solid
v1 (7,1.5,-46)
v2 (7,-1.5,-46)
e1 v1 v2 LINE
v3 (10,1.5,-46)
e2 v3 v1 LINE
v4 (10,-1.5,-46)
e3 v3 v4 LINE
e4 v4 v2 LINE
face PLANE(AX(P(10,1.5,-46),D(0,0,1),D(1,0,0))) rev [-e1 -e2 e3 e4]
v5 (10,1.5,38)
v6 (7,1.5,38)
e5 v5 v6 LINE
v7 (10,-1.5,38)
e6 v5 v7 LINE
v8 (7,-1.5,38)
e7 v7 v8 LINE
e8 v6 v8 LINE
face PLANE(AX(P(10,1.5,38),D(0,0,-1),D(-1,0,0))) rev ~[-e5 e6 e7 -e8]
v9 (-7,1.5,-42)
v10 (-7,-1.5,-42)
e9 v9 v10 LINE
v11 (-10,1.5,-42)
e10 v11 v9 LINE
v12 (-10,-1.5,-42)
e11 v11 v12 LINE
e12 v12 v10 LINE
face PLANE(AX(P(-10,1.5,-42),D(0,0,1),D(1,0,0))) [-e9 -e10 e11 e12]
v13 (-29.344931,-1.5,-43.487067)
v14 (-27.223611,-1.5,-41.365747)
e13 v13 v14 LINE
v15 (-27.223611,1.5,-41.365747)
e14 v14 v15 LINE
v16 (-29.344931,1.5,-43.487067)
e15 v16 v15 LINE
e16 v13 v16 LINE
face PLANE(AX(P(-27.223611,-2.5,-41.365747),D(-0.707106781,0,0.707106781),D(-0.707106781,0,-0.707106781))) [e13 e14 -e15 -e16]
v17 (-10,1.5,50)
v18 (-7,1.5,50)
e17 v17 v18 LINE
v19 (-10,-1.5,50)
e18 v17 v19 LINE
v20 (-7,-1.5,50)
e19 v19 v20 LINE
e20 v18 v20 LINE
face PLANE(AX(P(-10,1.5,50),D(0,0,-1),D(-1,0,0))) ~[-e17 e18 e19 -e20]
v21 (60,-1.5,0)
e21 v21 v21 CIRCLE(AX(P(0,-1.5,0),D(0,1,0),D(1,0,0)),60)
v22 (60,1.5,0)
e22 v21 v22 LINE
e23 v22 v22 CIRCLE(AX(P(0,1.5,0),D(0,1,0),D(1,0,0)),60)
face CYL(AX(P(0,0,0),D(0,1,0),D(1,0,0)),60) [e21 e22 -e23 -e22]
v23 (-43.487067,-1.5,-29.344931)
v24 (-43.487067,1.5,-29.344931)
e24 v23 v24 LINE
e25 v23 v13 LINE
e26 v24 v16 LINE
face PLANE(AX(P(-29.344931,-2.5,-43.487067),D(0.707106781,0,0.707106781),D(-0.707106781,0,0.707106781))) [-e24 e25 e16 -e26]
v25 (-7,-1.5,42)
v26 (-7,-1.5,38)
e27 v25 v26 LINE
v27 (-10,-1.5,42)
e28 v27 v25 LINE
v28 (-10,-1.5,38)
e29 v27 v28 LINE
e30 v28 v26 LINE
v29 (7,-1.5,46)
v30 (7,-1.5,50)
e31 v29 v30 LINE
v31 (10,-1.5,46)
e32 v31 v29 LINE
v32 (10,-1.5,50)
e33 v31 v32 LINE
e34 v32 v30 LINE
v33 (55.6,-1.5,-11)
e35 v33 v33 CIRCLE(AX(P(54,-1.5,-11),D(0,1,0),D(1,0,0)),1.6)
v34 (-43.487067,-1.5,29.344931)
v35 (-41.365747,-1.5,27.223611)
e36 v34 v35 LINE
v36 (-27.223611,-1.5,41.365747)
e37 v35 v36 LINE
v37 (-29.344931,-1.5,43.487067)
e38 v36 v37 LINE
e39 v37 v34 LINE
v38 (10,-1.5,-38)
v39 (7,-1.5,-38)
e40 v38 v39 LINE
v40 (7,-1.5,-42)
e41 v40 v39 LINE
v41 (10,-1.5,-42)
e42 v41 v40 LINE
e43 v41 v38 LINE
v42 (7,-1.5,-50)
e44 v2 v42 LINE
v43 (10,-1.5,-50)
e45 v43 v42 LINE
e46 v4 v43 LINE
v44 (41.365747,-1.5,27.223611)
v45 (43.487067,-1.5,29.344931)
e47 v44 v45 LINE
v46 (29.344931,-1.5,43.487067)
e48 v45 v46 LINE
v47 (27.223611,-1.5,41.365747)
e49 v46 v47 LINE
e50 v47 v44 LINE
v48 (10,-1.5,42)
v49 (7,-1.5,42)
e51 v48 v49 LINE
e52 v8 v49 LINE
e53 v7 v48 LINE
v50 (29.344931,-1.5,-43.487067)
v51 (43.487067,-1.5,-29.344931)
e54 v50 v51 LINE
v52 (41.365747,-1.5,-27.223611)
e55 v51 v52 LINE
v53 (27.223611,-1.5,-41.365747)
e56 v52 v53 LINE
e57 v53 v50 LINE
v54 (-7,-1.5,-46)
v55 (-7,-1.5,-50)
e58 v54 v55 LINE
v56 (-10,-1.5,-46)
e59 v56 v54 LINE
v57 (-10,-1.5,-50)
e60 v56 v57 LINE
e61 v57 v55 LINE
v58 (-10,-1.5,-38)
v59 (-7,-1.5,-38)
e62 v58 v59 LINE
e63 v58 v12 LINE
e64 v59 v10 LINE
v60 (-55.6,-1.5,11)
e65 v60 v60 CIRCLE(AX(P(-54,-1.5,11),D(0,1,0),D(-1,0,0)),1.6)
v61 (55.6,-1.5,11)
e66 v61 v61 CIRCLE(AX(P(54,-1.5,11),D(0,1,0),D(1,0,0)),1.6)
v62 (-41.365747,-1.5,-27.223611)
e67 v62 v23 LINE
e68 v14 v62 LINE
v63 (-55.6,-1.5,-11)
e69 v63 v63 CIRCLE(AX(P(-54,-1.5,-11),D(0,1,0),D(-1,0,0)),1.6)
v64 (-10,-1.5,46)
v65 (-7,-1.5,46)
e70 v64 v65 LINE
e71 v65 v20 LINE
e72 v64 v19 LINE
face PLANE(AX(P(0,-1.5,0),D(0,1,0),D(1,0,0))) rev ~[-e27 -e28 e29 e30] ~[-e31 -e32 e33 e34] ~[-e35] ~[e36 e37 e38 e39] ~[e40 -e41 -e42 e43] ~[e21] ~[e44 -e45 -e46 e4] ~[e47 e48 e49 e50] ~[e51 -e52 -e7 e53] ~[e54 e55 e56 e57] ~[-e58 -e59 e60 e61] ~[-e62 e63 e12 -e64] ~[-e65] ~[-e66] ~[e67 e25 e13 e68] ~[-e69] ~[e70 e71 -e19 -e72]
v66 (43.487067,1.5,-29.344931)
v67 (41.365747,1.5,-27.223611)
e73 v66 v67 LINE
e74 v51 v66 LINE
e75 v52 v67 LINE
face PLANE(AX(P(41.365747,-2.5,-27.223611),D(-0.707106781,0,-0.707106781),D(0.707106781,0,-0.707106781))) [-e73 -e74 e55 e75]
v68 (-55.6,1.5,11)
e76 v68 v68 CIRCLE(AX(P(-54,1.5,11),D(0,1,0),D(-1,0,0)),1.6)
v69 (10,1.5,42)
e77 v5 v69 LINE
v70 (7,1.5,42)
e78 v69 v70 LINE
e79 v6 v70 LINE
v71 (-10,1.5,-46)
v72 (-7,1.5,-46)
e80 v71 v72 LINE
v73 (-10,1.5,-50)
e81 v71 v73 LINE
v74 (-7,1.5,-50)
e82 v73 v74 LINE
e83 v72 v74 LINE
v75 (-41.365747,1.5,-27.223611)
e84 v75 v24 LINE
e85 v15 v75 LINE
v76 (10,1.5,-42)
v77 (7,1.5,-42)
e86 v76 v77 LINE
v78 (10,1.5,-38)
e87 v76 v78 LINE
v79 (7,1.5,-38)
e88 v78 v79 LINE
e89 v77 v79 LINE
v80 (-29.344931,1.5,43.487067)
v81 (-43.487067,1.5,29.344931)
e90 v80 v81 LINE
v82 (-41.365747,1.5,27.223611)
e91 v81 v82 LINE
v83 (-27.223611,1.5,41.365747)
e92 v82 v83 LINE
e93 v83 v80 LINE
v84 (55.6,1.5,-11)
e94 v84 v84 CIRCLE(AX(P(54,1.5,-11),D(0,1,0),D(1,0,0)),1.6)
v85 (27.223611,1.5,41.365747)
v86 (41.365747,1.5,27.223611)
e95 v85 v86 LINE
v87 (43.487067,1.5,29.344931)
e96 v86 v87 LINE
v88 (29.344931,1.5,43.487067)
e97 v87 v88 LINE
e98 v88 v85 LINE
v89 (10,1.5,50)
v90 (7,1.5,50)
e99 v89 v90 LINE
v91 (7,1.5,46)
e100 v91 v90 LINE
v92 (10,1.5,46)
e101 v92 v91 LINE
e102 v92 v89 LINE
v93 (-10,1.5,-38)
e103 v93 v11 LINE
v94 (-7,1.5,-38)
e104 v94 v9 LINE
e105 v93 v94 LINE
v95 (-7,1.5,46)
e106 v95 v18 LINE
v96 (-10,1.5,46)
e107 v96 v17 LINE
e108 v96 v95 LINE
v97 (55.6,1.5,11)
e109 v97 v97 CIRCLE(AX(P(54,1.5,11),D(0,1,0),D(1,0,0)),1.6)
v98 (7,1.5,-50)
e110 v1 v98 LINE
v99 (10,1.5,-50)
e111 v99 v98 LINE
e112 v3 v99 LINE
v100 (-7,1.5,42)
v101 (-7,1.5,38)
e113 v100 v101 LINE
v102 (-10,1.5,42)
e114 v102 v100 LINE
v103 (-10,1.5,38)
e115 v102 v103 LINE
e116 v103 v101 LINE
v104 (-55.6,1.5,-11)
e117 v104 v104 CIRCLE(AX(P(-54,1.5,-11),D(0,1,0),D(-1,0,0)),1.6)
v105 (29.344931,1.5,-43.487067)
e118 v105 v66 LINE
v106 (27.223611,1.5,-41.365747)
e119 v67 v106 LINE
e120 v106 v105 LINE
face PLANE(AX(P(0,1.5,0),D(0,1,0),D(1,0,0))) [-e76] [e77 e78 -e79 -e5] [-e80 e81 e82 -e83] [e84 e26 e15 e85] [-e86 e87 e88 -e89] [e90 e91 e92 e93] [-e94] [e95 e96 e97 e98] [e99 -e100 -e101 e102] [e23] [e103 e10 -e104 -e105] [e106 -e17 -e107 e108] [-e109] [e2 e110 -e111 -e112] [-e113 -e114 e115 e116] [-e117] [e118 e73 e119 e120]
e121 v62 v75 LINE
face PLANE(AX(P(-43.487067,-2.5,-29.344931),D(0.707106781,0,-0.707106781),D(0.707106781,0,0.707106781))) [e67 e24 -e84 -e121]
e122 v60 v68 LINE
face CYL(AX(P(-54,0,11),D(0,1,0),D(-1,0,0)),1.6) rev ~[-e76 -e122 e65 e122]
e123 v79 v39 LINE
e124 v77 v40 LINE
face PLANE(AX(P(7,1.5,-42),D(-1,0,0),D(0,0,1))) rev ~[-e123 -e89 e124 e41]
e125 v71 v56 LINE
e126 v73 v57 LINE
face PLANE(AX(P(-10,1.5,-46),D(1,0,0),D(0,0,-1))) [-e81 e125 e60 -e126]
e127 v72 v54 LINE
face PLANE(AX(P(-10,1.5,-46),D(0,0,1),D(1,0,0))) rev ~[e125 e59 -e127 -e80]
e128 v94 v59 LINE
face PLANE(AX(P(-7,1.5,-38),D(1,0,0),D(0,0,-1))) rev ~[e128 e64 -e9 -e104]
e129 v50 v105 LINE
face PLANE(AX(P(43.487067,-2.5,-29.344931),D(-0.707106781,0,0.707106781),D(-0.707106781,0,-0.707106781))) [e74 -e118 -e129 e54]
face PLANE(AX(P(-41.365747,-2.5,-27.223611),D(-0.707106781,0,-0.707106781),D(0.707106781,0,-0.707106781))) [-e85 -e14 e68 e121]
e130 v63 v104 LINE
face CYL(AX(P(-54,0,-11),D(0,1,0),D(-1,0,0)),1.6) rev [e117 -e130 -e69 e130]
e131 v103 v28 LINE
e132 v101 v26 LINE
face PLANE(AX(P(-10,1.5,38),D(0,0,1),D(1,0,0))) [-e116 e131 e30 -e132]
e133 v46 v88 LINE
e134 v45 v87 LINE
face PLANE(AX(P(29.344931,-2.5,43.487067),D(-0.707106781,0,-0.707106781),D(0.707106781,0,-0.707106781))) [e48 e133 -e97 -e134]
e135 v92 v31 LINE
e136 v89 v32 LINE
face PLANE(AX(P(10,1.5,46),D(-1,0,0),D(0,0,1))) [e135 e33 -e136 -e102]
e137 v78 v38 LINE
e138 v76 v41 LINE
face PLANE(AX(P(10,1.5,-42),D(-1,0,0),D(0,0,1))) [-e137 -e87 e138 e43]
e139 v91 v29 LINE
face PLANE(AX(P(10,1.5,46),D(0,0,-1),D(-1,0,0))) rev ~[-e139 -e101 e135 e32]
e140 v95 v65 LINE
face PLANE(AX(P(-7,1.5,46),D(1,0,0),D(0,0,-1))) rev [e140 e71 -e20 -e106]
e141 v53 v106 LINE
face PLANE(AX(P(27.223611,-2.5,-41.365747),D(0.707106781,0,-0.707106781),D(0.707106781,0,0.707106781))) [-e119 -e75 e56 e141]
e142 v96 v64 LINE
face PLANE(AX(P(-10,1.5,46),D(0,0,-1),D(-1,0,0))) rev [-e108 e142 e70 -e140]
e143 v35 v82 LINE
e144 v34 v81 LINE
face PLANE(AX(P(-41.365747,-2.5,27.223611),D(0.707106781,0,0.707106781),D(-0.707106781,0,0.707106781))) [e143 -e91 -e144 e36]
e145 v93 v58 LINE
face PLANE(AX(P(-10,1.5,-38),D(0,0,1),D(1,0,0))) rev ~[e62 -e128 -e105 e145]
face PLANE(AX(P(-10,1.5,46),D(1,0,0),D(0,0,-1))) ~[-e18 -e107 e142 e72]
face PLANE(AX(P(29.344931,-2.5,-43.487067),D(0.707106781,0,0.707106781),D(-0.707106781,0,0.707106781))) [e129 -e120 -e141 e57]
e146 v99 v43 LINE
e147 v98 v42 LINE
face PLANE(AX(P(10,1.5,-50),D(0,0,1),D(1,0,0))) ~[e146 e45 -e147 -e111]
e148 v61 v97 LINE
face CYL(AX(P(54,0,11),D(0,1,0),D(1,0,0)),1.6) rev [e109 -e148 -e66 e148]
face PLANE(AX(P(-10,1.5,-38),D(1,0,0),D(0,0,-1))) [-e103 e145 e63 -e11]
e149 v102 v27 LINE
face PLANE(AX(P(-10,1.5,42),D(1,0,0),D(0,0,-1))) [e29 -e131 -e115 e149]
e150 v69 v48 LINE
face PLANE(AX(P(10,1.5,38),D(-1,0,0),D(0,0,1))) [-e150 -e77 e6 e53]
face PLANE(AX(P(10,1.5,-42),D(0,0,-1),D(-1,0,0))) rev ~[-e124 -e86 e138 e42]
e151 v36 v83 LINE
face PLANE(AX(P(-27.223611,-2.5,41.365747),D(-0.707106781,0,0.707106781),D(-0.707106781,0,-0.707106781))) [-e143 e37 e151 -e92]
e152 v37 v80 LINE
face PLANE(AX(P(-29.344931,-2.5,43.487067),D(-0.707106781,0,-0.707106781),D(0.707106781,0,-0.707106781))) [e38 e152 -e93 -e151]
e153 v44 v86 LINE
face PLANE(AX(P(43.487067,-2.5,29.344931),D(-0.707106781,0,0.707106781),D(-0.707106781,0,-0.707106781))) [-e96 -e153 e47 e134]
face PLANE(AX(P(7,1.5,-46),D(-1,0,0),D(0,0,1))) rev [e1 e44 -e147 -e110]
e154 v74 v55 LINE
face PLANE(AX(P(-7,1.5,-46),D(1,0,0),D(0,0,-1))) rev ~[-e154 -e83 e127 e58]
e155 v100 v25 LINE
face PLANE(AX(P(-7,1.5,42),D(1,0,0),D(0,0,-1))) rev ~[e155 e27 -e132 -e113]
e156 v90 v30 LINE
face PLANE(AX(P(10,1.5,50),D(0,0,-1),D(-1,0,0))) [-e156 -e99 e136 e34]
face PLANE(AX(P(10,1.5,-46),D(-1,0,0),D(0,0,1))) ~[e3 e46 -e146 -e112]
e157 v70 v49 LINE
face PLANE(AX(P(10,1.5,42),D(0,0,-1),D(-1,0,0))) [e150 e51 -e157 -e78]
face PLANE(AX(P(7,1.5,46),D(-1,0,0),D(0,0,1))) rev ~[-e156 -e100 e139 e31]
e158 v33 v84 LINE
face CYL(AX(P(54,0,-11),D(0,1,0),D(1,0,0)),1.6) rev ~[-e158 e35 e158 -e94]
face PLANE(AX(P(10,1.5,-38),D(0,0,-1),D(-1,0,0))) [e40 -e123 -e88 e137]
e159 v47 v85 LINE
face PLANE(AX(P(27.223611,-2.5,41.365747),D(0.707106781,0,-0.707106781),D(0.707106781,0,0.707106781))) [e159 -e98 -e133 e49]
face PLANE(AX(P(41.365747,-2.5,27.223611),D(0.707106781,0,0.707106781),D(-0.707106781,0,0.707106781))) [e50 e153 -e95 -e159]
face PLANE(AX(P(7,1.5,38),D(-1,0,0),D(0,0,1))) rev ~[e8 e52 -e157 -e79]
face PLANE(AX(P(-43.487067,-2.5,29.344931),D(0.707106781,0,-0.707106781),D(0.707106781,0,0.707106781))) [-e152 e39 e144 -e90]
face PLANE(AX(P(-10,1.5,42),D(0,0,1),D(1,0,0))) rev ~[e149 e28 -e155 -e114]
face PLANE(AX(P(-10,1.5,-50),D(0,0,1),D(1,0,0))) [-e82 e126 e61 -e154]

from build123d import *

# Parameters (mm, degrees)
SKETCH1_R               = 60
BOSS_EXTRUDE1_DEPTH     = 1.5
SKETCH2_R               = 1.6
CUT_EXTRUDE1_DEPTH      = 2.5
MIRROR2_COPY_1_SKETCH_R = 1.6
MIRROR2_COPY_1_DEPTH    = 2.5
SKETCH3_W               = 3
SKETCH3_H               = 4
CUT_EXTRUDE2_DEPTH      = 4
LPATTERN1_COUNT         = 2
LPATTERN1_PITCH         = 8
MIRROR3_COPY_1_SKETCH_W = 3
MIRROR3_COPY_1_SKETCH_H = 4
MIRROR3_COPY_1_DEPTH    = 4
MIRROR4_COPY_1_SKETCH_W = 3
MIRROR4_COPY_1_SKETCH_H = 4
MIRROR4_COPY_1_DEPTH    = 4
MIRROR4_COPY_2_SKETCH_W = 3
MIRROR4_COPY_2_SKETCH_H = 4
MIRROR4_COPY_2_DEPTH    = 4
MIRROR4_COPY_3_SKETCH_W = 3
MIRROR4_COPY_3_SKETCH_H = 4
MIRROR4_COPY_3_DEPTH    = 4
CUT_EXTRUDE3_START      = -4
CUT_EXTRUDE3_DEPTH      = 5
CIRPATTERN1_COUNT       = 4


with BuildPart() as part:
    # Sketch1 → Boss-Extrude1 (new body, symmetric)
    with BuildSketch(Plane(origin=(0, 0, 0), x_dir=(1, 0, 0), z_dir=(0, 1, 0))):
        Circle(SKETCH1_R)
    extrude(amount=BOSS_EXTRUDE1_DEPTH, both=True)

    # Sketch2 → Cut-Extrude1 (cut, symmetric)
    with BuildSketch(Plane(origin=(0, 0, 0), x_dir=(1, 0, 0), z_dir=(0, 1, 0))):
        with Locations((54, 11)):
            Circle(SKETCH2_R)
    cut_extrude1 = extrude(amount=CUT_EXTRUDE1_DEPTH, both=True, mode=Mode.SUBTRACT)

    # Mirror1: Cut-Extrude1 across plane
    add(cut_extrude1.mirror(Plane(origin=(0, 0, 0), x_dir=(0, 0, 1), z_dir=(1, 0, 0))), mode=Mode.SUBTRACT)

    # Mirror2: Cut-Extrude1 across plane
    add(cut_extrude1.mirror(Plane.XY), mode=Mode.SUBTRACT)

    # Mirror2 copy 1 sketch → Mirror2 copy 1 (cut, symmetric)
    with BuildSketch(Plane(origin=(0, 0, 0), x_dir=(-1, 0, 0), z_dir=(0, 1, 0))):
        with Locations((54, 11)):
            Circle(MIRROR2_COPY_1_SKETCH_R)
    extrude(amount=MIRROR2_COPY_1_DEPTH, both=True, mode=Mode.SUBTRACT)

    # Sketch3 → Cut-Extrude2 (cut, through all)
    with BuildSketch(Plane(origin=(0, 1.5, 0), x_dir=(1, 0, 0), z_dir=(0, 1, 0))):
        with Locations((-8.5, 48)):
            Rectangle(SKETCH3_W, SKETCH3_H)
    cut_extrude2 = extrude(amount=-CUT_EXTRUDE2_DEPTH, mode=Mode.SUBTRACT)

    # LPattern1: Cut-Extrude2 ×2
    with Locations(*[(0, 0, i * LPATTERN1_PITCH) for i in range(1, LPATTERN1_COUNT)]):
        add(cut_extrude2, mode=Mode.SUBTRACT)

    # Mirror3: Cut-Extrude2 across plane
    add(cut_extrude2.mirror(Plane(origin=(0, 0, 0), x_dir=(0, 0, 1), z_dir=(1, 0, 0))), mode=Mode.SUBTRACT)

    # Mirror3 copy 1 sketch → Mirror3 copy 1 (cut, through all)
    with BuildSketch(Plane(origin=(0, 1.5, 8), x_dir=(-1, 0, 0), z_dir=(0, 1, 0))):
        with Locations((-8.5, -48)):
            Rectangle(MIRROR3_COPY_1_SKETCH_W, MIRROR3_COPY_1_SKETCH_H)
    extrude(amount=-MIRROR3_COPY_1_DEPTH, mode=Mode.SUBTRACT)

    # Mirror4: Cut-Extrude2 across plane
    add(cut_extrude2.mirror(Plane.XY), mode=Mode.SUBTRACT)

    # Mirror4 copy 1 sketch → Mirror4 copy 1 (cut, through all)
    with BuildSketch(Plane(origin=(0, 1.5, 0), x_dir=(-1, 0, 0), z_dir=(0, 1, 0))):
        with Locations((-8.5, 48)):
            Rectangle(MIRROR4_COPY_1_SKETCH_W, MIRROR4_COPY_1_SKETCH_H)
    extrude(amount=-MIRROR4_COPY_1_DEPTH, mode=Mode.SUBTRACT)

    # Mirror4 copy 2 sketch → Mirror4 copy 2 (cut, through all)
    with BuildSketch(Plane(origin=(0, 1.5, -8), x_dir=(-1, 0, 0), z_dir=(0, 1, 0))):
        with Locations((-8.5, 48)):
            Rectangle(MIRROR4_COPY_2_SKETCH_W, MIRROR4_COPY_2_SKETCH_H)
    extrude(amount=-MIRROR4_COPY_2_DEPTH, mode=Mode.SUBTRACT)

    # Mirror4 copy 3 sketch → Mirror4 copy 3 (cut, through all)
    with BuildSketch(Plane(origin=(0, 1.5, -8), x_dir=(1, 0, 0), z_dir=(0, 1, 0))):
        with Locations((-8.5, -48)):
            Rectangle(MIRROR4_COPY_3_SKETCH_W, MIRROR4_COPY_3_SKETCH_H)
    extrude(amount=-MIRROR4_COPY_3_DEPTH, mode=Mode.SUBTRACT)

    # Sketch4 → Cut-Extrude3 (cut)
    with BuildSketch(Plane(origin=(0, 1.5, 0), x_dir=(1, 0, 0), z_dir=(0, 1, 0)).offset(CUT_EXTRUDE3_START)):
        Polygon((27.223611076, 41.365746699), (41.365746699, 27.223611076), (43.487067043, 29.344931419), (29.344931419, 43.487067043), align=None)
    cut_extrude3 = extrude(amount=CUT_EXTRUDE3_DEPTH, mode=Mode.SUBTRACT)

    # CirPattern1: Cut-Extrude3 ×4 about axis
    cirpattern1_axis = Axis((0, 0, 0), (0, 1, 0))
    for i in range(1, CIRPATTERN1_COUNT):
        add(cut_extrude3.rotate(cirpattern1_axis, i * 360 / CIRPATTERN1_COUNT), mode=Mode.SUBTRACT)


solid = part.part
